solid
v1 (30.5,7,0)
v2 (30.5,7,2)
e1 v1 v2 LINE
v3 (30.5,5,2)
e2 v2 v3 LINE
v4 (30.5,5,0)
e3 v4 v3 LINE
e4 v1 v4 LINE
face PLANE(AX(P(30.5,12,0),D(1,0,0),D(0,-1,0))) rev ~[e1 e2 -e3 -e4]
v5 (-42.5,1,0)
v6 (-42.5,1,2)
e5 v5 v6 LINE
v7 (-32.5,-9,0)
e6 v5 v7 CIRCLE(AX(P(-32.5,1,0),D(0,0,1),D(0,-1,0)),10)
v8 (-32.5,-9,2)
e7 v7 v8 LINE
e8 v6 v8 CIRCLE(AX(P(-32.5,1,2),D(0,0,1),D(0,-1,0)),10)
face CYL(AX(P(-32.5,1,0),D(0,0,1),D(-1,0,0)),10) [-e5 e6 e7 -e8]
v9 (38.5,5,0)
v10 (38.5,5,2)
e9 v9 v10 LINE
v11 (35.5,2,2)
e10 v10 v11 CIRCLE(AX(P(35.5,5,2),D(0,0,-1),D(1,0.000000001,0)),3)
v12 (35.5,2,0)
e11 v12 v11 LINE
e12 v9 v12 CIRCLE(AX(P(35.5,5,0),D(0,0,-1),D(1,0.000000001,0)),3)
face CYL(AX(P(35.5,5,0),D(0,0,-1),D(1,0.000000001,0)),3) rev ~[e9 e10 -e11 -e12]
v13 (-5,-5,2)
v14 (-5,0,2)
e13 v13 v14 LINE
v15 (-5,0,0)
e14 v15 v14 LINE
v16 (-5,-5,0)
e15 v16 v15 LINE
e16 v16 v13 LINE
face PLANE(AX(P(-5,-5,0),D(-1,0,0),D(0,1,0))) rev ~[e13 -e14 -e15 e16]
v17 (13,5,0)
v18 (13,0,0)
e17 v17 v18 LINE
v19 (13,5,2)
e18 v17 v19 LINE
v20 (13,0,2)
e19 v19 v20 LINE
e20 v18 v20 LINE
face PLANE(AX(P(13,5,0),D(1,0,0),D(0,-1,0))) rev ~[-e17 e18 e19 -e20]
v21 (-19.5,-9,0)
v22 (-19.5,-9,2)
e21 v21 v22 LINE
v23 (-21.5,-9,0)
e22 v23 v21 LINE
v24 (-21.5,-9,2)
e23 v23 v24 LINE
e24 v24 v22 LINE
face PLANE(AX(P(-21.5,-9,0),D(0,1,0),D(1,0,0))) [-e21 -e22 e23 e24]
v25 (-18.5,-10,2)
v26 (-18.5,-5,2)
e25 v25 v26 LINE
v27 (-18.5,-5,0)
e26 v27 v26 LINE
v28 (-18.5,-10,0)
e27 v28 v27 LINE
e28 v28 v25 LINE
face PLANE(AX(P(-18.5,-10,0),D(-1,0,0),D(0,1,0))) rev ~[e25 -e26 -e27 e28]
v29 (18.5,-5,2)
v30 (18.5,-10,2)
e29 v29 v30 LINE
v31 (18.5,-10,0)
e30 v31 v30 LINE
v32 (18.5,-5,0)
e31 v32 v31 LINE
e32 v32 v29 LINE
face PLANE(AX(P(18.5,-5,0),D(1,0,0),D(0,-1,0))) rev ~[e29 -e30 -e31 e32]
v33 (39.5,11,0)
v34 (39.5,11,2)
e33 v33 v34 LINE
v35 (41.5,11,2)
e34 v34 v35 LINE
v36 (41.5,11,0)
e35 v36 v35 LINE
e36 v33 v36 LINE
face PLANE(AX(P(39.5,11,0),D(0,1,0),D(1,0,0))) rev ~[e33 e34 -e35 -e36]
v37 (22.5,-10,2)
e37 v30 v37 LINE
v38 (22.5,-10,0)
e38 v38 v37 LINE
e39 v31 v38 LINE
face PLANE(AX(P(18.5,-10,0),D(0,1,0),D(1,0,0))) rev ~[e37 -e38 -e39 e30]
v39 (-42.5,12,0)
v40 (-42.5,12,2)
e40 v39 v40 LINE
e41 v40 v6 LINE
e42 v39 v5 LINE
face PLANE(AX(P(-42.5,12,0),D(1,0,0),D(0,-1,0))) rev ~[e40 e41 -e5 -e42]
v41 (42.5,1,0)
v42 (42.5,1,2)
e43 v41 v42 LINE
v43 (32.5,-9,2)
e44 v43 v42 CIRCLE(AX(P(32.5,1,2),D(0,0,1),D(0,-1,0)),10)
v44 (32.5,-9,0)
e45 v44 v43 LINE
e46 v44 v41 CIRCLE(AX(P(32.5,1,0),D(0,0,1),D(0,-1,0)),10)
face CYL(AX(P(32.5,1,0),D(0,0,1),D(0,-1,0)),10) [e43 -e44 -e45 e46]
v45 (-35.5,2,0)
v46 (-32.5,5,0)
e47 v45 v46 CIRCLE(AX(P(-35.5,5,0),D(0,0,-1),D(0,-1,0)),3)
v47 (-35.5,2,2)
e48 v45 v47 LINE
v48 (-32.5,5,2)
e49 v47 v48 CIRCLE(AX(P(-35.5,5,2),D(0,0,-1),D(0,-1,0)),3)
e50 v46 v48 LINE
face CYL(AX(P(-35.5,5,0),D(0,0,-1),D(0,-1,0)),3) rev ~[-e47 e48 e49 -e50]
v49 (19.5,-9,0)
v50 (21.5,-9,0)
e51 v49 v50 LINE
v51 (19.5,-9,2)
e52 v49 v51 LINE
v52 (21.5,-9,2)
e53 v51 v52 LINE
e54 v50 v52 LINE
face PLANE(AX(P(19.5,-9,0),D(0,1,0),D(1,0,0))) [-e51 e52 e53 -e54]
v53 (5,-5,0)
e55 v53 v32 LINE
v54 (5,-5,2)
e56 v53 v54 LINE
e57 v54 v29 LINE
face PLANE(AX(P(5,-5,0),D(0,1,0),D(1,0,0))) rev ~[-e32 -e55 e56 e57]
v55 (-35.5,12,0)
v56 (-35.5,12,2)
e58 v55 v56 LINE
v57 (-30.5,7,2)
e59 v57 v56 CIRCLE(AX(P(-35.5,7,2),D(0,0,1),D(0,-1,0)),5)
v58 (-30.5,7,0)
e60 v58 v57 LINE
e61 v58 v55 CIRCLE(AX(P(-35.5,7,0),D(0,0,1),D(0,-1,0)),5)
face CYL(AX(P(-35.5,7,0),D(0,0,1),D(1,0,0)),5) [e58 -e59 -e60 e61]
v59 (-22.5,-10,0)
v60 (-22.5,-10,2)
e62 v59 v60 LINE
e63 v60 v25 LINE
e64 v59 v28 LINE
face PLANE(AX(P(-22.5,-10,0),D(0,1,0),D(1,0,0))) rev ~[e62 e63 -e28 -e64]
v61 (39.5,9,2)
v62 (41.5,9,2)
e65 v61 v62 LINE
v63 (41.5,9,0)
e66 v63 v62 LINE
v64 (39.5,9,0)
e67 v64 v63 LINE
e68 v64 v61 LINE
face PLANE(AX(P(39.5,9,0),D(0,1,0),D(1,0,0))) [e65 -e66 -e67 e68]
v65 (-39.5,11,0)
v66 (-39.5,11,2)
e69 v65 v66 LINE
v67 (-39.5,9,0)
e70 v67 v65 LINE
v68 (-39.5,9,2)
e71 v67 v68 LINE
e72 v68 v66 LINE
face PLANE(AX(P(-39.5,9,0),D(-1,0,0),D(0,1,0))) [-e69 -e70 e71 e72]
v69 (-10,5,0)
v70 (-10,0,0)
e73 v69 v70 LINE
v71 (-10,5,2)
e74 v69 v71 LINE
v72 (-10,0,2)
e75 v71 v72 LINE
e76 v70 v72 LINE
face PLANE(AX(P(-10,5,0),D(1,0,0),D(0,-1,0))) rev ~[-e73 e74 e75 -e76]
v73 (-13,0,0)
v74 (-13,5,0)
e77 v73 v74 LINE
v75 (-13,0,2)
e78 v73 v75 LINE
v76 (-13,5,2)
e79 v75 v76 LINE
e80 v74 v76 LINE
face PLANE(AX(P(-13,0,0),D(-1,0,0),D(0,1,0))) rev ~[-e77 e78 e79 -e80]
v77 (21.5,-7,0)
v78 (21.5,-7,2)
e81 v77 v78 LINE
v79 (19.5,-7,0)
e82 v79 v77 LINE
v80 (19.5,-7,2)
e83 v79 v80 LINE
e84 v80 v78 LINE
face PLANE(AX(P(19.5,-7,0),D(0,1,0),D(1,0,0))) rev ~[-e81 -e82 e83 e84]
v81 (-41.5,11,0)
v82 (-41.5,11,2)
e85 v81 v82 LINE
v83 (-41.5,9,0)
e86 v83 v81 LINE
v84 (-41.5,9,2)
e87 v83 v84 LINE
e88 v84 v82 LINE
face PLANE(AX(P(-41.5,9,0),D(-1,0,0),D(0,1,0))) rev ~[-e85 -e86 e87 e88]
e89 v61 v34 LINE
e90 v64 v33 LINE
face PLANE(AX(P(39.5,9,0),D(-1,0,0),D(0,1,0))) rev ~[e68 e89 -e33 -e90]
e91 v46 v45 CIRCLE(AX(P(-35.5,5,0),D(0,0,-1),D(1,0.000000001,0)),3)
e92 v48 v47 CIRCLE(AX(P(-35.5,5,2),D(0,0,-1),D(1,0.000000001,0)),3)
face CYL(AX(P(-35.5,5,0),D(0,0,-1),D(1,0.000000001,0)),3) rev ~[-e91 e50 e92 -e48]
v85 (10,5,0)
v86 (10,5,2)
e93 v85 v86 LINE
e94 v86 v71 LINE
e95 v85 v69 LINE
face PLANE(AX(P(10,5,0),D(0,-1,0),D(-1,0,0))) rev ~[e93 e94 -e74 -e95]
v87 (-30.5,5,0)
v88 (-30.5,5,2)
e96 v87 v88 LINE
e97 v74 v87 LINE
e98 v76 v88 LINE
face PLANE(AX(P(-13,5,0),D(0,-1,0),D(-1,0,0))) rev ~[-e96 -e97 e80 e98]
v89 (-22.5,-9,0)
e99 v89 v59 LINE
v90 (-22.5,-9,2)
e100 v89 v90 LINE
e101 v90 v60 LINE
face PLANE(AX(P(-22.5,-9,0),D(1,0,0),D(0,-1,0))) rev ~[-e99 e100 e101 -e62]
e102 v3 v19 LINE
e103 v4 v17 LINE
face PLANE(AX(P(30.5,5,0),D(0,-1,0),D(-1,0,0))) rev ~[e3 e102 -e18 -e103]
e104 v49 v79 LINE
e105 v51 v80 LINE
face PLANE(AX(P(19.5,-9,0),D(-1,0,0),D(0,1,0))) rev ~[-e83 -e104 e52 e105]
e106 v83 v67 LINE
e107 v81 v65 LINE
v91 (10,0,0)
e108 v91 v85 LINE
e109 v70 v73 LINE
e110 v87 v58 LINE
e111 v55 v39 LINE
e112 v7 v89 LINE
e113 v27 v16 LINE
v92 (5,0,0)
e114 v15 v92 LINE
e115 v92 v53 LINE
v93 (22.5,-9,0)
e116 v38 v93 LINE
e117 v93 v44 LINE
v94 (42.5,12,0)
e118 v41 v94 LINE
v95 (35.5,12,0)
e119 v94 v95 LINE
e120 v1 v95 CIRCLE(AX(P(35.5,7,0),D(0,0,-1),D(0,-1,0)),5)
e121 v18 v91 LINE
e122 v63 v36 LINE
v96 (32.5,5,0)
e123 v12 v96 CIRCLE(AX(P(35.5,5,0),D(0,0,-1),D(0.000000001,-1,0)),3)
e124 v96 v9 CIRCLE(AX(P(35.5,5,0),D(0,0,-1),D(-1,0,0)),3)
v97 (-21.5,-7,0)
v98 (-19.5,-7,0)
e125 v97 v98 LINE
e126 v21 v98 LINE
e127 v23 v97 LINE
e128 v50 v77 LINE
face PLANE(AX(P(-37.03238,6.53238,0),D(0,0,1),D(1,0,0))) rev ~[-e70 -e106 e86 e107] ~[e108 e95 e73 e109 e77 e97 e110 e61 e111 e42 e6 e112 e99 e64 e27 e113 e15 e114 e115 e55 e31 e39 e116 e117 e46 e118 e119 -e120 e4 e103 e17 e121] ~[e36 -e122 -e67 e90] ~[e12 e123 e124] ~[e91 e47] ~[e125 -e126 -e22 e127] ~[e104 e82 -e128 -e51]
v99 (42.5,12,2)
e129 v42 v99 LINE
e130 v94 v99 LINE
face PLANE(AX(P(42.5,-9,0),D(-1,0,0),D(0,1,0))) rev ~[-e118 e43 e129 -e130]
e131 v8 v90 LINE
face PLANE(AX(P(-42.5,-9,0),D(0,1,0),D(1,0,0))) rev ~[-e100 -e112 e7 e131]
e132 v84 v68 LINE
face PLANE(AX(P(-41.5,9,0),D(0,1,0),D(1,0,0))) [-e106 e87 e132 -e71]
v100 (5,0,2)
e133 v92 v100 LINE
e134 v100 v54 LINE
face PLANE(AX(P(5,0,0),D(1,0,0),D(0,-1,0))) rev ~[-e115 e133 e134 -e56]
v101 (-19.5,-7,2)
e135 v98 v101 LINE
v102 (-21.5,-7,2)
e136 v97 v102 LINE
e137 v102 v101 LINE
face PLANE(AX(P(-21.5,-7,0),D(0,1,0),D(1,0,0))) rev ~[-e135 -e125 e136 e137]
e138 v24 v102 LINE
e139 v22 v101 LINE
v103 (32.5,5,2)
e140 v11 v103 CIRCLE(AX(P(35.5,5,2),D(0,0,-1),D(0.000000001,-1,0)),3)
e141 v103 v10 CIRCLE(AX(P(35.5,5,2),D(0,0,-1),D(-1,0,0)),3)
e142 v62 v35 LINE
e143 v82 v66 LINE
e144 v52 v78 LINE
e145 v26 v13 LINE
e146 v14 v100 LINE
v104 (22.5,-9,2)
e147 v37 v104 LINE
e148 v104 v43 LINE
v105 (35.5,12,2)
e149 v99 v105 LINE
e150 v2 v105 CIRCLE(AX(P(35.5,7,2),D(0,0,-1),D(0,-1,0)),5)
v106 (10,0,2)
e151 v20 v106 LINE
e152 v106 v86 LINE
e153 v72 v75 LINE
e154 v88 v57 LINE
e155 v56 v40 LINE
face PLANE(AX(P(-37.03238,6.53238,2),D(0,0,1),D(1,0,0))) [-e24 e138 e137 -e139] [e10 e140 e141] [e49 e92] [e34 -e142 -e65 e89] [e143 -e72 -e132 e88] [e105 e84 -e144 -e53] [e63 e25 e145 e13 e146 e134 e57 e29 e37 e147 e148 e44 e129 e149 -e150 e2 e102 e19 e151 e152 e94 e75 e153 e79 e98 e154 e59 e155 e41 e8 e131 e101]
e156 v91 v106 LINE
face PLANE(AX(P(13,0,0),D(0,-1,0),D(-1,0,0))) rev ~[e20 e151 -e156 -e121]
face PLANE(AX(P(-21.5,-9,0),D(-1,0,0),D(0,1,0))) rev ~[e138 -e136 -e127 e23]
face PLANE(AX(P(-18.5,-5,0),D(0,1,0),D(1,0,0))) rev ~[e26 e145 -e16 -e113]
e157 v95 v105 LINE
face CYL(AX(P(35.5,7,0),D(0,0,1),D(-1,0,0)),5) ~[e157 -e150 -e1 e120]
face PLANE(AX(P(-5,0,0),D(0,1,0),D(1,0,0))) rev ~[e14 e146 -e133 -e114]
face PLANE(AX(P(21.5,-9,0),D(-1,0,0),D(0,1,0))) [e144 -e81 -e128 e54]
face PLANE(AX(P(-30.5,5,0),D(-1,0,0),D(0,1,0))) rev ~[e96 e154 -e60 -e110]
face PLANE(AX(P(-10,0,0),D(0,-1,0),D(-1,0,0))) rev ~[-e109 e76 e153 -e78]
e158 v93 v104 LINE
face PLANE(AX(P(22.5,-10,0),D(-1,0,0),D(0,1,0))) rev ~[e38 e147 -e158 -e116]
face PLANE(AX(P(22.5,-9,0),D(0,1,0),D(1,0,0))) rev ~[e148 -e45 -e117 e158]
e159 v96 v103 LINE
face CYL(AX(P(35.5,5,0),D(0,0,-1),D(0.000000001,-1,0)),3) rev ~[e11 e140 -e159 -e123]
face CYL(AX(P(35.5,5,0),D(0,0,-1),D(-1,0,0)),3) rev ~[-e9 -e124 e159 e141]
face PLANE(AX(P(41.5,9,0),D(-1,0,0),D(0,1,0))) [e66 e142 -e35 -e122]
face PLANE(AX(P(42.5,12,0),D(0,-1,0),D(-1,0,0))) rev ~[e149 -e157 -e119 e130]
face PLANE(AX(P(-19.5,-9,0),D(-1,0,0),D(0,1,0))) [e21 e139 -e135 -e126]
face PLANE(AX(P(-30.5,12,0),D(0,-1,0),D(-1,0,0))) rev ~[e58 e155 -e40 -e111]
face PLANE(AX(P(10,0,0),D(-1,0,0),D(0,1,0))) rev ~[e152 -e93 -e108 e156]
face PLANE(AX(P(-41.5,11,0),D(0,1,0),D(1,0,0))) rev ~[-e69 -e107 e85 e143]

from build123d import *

# Parameters (mm, degrees)
SKETCH1_W           = 2
SKETCH1_H           = 2
SKETCH1_W_2         = 7
SKETCH1_H_2         = 5
BOSS_EXTRUDE2_DEPTH = 2
FILLET1_R           = 10
FILLET2_R           = 10
FILLET3_R           = 5
FILLET4_R           = 5


with BuildPart() as part:
    # Sketch1 → Boss-Extrude2 (new body)
    with BuildSketch(Plane.XY):
        with BuildLine():
            Line((-42.5, 0), (-35.5, 0))
            Line((-35.5, 0), (-35.5, 2))
            ThreePointArc((-35.5, 2), (-37.621320344, 7.121320344), (-32.5, 5))
            Line((-32.5, 5), (-30.5, 5))
            Line((-30.5, 5), (-30.5, 12))
            Line((-30.5, 12), (-42.5, 12))
            Line((-42.5, 12), (-42.5, 0))
        make_face()
        with Locations((-40.5, 10)):
            Rectangle(SKETCH1_W, SKETCH1_H, mode=Mode.SUBTRACT)
        Polygon((-18.5, -5), (-35.5, -5), (-42.5, -5), (-42.5, -9), (-22.5, -9), (-22.5, -10), (-18.5, -10), (-18.5, -9), align=None)
        with Locations((-20.5, -8)):
            Rectangle(SKETCH1_W, SKETCH1_H, mode=Mode.SUBTRACT)
        with Locations((-39, -2.5)):
            Rectangle(SKETCH1_W_2, SKETCH1_H_2)
        with BuildLine():
            Line((-35.5, 0), (-35.5, -5))
            Line((-35.5, -5), (-18.5, -5))
            Line((-18.5, -5), (-5, -5))
            Line((-5, -5), (-5, 0))
            Line((-5, 0), (-10, 0))
            Line((-10, 0), (-13, 0))
            Line((-13, 0), (-13, 5))
            Line((-13, 5), (-30.5, 5))
            Line((-30.5, 5), (-32.5, 5))
            ThreePointArc((-32.5, 5), (-33.378679656, 2.878679656), (-35.5, 2))
            Line((-35.5, 2), (-35.5, 0))
        make_face()
        Polygon((-10, 0), (-5, 0), (5, 0), (10, 0), (10, 5), (-10, 5), align=None)
        Polygon((35.5, -5), (18.5, -5), (18.5, -9), (18.5, -10), (22.5, -10), (22.5, -9), (42.5, -9), (42.5, -5), align=None)
        with Locations((20.5, -8)):
            Rectangle(SKETCH1_W, SKETCH1_H, mode=Mode.SUBTRACT)
        with Locations((39, -2.5)):
            Rectangle(SKETCH1_W_2, SKETCH1_H_2)
        with BuildLine():
            Line((35.5, 2), (35.5, 0))
            Line((35.5, 0), (42.5, 0))
            Line((42.5, 0), (42.5, 12))
            Line((42.5, 12), (30.5, 12))
            Line((30.5, 12), (30.5, 5))
            Line((30.5, 5), (32.5, 5))
            ThreePointArc((32.5, 5), (35.5, 8), (38.5, 5))
            ThreePointArc((38.5, 5), (37.621320344, 2.878679656), (35.5, 2))
        make_face()
        with Locations((40.5, 10)):
            Rectangle(SKETCH1_W, SKETCH1_H, mode=Mode.SUBTRACT)
        with BuildLine():
            Line((5, 0), (5, -5))
            Line((5, -5), (18.5, -5))
            Line((18.5, -5), (35.5, -5))
            Line((35.5, -5), (35.5, 0))
            Line((35.5, 0), (35.5, 2))
            ThreePointArc((35.5, 2), (33.378679656, 2.878679656), (32.5, 5))
            Line((32.5, 5), (30.5, 5))
            Line((30.5, 5), (13, 5))
            Line((13, 5), (13, 0))
            Line((13, 0), (10, 0))
            Line((10, 0), (5, 0))
        make_face()
    extrude(amount=BOSS_EXTRUDE2_DEPTH)

    # Fillet1
    fillet1_edges = [part.edges().sort_by_distance(p)[0] for p in [
        (-42.5, -9, 1),
    ]]
    fillet(fillet1_edges, radius=FILLET1_R)

    # Fillet2
    fillet2_edges = [part.edges().sort_by_distance(p)[0] for p in [
        (42.5, -9, 1),
    ]]
    fillet(fillet2_edges, radius=FILLET2_R)

    # Fillet3
    fillet3_edges = [part.edges().sort_by_distance(p)[0] for p in [
        (-30.5, 12, 1),
    ]]
    fillet(fillet3_edges, radius=FILLET3_R)

    # Fillet4
    fillet4_edges = [part.edges().sort_by_distance(p)[0] for p in [
        (30.5, 12, 1),
    ]]
    fillet(fillet4_edges, radius=FILLET4_R)


solid = part.part
